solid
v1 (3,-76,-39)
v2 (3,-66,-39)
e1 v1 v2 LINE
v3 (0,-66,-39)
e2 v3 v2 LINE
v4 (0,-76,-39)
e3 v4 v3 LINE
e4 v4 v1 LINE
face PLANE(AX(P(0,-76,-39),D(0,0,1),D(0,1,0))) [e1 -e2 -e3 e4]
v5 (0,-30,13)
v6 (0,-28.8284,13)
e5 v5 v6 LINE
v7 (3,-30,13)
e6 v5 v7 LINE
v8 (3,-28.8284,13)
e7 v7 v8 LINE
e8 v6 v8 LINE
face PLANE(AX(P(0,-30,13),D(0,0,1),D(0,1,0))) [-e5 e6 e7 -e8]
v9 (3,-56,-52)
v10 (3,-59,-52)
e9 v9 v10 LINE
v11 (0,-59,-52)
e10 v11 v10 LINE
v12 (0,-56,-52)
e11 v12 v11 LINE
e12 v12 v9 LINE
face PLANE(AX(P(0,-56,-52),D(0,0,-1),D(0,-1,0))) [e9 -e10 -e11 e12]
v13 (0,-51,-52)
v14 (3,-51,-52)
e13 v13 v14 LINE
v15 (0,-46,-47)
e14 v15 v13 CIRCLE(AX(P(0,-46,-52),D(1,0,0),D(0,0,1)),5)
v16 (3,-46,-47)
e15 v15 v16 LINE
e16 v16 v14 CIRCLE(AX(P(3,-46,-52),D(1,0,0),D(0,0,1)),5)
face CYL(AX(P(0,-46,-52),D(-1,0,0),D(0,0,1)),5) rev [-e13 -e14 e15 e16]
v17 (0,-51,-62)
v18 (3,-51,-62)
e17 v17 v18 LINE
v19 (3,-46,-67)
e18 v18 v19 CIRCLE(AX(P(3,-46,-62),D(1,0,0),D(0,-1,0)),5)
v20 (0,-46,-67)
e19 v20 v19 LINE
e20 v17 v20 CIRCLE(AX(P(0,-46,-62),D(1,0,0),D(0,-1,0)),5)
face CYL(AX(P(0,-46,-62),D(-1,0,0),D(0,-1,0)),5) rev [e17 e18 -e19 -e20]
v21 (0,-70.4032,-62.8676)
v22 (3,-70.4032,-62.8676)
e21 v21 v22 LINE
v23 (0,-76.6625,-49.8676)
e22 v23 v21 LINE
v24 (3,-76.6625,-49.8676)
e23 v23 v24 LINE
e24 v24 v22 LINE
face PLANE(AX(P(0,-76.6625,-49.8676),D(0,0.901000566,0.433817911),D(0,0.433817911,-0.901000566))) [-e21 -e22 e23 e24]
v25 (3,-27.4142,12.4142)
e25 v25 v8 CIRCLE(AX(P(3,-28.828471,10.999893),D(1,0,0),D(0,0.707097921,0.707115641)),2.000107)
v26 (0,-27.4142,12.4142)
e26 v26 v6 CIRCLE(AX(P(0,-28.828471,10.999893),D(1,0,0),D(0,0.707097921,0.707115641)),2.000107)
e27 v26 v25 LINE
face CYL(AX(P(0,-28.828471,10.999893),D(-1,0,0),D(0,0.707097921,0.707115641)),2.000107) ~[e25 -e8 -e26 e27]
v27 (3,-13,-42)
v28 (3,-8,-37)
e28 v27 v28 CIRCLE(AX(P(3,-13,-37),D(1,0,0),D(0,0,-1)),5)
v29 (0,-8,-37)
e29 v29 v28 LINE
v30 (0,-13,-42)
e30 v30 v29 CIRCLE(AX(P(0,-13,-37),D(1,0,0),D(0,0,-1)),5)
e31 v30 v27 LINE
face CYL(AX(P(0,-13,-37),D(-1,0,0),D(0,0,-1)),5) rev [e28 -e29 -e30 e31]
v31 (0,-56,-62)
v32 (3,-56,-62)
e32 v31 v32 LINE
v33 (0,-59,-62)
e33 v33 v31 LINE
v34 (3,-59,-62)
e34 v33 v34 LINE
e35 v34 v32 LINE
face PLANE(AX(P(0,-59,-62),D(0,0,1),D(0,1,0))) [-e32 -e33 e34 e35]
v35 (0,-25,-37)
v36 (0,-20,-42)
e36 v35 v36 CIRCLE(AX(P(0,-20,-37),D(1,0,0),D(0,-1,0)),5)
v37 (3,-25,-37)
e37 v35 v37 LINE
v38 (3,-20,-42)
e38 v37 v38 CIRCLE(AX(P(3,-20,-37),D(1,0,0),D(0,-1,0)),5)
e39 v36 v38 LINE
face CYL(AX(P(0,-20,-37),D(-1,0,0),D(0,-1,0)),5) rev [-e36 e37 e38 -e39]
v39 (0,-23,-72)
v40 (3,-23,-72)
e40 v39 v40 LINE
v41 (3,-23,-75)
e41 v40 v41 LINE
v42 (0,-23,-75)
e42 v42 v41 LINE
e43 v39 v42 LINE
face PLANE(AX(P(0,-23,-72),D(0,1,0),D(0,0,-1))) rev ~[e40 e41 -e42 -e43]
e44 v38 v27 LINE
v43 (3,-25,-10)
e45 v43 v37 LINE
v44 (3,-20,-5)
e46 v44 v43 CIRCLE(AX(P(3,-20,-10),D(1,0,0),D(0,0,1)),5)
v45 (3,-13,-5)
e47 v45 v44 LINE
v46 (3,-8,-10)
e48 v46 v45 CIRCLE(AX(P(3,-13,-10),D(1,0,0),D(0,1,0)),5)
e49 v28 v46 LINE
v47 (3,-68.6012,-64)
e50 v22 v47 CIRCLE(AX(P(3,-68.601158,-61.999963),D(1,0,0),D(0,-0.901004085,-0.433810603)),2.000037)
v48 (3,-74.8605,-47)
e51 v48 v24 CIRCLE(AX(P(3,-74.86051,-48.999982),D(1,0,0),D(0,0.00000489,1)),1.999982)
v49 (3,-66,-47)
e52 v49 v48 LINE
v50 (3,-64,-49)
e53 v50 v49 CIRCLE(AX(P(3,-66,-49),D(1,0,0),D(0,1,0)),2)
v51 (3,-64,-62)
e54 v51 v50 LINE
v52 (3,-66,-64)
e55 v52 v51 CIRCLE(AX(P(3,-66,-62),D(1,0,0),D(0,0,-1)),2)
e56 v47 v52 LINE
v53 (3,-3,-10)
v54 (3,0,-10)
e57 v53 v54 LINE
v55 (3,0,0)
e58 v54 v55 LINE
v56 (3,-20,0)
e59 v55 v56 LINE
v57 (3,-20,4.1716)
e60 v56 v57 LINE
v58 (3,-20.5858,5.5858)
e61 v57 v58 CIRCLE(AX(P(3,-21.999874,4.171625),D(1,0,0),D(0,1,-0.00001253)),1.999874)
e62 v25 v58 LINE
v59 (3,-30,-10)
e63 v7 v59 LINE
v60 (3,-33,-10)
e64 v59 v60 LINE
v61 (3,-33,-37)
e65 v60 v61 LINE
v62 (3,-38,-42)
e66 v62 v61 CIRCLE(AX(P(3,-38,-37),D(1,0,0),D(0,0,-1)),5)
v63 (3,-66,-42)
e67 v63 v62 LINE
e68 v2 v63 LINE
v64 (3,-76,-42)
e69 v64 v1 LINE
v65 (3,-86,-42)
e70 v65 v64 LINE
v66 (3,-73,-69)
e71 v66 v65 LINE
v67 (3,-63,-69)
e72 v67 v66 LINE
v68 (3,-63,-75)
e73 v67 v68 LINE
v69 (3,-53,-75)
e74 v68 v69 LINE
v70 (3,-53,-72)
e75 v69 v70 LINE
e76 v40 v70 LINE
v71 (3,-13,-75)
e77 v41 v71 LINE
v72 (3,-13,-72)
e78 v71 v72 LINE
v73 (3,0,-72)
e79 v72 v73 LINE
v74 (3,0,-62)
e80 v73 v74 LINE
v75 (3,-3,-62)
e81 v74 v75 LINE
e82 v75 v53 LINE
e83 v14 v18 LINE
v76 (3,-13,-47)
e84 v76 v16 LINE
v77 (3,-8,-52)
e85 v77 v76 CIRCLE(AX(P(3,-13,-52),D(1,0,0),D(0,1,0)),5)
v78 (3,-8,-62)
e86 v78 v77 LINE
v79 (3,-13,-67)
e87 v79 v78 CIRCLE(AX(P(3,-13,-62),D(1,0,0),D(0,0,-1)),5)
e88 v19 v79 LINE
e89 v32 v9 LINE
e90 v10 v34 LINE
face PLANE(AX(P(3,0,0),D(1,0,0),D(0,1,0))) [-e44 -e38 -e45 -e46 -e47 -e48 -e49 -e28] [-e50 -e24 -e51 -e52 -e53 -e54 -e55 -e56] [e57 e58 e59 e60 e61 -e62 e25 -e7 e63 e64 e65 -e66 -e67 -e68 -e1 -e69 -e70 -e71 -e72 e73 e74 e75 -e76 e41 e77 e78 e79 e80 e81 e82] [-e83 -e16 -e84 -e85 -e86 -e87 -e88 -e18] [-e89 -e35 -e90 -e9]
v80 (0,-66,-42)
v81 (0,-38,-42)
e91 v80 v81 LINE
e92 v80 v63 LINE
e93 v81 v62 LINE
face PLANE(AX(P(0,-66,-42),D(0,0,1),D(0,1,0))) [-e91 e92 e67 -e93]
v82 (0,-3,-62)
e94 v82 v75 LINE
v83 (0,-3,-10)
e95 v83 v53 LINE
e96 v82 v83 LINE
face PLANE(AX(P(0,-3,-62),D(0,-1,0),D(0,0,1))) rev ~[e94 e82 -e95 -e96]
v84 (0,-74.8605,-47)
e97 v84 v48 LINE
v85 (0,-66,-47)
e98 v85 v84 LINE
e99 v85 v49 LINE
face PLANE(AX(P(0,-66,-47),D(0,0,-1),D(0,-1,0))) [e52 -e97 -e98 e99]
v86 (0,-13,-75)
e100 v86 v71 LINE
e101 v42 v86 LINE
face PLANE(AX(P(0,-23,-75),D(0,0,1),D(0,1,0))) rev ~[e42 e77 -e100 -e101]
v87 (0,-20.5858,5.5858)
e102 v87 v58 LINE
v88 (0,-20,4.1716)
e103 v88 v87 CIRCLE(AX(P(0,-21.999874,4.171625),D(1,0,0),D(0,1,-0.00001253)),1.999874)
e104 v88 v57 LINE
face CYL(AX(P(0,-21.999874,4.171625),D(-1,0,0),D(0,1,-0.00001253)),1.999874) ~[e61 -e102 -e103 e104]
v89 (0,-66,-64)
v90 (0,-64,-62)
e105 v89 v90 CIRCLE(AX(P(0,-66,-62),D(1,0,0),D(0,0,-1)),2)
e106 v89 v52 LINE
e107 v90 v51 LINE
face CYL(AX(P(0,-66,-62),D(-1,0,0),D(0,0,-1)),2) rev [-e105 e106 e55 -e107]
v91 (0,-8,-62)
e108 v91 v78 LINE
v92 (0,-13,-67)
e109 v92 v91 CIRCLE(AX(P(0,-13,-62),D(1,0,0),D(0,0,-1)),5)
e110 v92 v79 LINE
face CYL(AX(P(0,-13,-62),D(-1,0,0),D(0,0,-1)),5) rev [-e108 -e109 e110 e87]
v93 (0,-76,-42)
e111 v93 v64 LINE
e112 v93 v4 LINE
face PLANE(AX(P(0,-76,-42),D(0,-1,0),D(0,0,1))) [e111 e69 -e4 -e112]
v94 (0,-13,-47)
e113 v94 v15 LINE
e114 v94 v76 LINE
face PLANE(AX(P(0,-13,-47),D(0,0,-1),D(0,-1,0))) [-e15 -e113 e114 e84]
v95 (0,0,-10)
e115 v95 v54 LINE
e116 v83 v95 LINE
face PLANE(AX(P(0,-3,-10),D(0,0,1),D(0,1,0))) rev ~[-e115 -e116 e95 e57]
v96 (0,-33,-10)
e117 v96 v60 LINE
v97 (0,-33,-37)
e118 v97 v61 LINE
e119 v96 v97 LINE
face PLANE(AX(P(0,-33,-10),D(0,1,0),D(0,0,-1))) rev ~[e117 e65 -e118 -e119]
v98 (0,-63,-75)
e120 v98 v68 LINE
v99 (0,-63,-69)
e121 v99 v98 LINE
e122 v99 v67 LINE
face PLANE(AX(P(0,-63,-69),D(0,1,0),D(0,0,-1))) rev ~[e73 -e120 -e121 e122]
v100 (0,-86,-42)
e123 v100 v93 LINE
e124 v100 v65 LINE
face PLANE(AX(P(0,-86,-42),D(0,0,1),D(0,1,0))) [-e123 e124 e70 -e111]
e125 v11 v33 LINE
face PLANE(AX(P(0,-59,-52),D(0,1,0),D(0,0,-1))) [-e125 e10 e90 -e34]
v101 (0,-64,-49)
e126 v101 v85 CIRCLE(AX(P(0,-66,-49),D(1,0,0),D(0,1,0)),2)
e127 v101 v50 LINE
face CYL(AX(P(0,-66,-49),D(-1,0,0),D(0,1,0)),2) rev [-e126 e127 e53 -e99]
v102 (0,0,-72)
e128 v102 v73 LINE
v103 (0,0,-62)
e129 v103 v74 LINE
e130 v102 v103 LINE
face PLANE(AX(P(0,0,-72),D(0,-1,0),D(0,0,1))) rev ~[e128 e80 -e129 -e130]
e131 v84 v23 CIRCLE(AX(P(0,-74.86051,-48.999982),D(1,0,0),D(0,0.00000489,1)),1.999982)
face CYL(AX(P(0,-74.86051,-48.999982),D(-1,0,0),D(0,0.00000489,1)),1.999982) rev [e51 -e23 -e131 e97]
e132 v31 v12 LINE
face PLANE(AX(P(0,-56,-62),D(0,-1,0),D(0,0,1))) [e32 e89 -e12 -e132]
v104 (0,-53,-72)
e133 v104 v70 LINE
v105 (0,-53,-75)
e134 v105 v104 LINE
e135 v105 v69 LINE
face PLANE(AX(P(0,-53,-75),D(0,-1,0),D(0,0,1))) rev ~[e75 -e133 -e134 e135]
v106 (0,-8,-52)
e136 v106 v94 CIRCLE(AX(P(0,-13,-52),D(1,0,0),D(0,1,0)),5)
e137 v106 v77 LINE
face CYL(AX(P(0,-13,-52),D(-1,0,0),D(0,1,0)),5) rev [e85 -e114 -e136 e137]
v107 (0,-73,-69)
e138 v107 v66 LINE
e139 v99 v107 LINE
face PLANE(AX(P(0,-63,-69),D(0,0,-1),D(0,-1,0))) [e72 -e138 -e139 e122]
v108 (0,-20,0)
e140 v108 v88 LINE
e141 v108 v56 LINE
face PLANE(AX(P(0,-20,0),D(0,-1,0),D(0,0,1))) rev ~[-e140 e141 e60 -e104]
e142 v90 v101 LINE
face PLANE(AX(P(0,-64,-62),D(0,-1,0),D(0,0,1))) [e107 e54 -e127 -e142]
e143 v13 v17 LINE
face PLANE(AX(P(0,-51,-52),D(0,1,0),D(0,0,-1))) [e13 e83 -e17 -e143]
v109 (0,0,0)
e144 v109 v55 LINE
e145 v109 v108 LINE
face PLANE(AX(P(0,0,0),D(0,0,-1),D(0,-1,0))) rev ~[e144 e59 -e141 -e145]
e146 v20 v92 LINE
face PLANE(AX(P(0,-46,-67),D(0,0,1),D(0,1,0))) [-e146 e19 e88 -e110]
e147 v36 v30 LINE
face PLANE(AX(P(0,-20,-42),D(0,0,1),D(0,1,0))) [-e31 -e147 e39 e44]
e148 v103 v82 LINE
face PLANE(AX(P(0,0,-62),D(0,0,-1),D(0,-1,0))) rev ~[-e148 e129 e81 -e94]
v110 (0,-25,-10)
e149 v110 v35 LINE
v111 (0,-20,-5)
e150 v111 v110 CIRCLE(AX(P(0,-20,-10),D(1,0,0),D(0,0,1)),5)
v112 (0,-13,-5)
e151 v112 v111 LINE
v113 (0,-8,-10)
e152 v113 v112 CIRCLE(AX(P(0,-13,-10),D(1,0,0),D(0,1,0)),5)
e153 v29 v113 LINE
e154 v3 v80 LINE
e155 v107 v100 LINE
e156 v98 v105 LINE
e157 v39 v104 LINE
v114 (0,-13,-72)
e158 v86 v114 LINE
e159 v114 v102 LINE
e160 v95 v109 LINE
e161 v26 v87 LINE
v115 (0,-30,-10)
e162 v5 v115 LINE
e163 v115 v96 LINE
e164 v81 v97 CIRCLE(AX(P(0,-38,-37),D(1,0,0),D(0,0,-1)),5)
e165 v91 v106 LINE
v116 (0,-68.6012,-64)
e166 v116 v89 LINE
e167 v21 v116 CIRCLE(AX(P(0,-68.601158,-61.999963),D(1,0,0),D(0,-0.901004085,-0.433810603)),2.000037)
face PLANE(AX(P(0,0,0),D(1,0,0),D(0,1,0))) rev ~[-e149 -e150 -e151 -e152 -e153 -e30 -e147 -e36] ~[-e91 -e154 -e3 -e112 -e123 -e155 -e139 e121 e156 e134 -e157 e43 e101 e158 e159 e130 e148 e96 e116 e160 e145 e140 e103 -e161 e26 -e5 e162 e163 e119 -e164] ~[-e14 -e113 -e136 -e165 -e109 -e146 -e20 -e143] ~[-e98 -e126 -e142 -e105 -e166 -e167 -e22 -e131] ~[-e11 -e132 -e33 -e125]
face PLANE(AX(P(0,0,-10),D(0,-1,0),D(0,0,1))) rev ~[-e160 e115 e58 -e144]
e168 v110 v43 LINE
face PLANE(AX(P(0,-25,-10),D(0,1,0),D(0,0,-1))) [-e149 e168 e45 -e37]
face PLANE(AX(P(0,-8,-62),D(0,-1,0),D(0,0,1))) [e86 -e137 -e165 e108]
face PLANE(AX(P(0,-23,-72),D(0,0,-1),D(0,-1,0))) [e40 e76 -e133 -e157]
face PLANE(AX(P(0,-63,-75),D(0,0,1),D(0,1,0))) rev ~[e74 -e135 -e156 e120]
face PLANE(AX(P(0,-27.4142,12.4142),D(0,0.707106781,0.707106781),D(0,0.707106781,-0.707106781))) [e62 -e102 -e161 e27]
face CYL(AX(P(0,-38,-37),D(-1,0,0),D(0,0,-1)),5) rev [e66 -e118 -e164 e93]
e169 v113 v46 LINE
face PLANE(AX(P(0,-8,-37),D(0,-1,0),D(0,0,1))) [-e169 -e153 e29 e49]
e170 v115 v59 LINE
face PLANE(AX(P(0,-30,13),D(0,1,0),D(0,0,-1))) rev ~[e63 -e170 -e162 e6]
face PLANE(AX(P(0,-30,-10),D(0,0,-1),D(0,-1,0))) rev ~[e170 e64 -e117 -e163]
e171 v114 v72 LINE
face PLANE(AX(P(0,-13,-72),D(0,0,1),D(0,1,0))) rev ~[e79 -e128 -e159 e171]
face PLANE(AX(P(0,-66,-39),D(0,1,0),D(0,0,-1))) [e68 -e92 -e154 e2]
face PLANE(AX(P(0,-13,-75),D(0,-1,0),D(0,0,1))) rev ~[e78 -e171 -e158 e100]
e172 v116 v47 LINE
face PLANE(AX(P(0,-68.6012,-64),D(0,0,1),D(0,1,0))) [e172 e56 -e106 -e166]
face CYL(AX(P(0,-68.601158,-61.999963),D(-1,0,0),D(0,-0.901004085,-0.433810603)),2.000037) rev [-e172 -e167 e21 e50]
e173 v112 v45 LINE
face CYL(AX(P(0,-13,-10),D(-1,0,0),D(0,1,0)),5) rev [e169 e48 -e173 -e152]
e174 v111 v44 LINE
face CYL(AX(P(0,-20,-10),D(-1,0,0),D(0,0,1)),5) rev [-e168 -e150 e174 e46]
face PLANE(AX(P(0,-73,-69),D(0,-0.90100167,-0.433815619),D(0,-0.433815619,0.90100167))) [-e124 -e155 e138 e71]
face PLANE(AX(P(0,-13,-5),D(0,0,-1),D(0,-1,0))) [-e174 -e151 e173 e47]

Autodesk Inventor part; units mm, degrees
ref_plane "YZ Plane" through (0, 0, 0) normal (1, 0, 0) x (0, 1, 0)
ref_plane "XZ Plane" through (0, 0, 0) normal (0, 1, 0) x (-1, 0, 0)
ref_plane "XY Plane" through (0, 0, 0) normal (0, 0, 1) x (1, 0, 0)
sketch "Sketch1" plane through (0, 0, 0) normal (0, 0, 1) x (1, 0, 0)
  point P0 (0, 0)
sketch "Sketch2" plane through (0, 0, 0) normal (1, 0, 0) x (0, 1, 0)
  line L0 (0, 0) -> (-20, 0)
  line L1 (-20, 0) -> (-20, 4.1716)
  line L2 (-23.1803, 0.4176) -> (-23.1803, 0.4176)
  line L3 (-23, -75) -> (-13, -75)
  line L4 (-13, -75) -> (-13, -72)
  line L5 (-13, -72) -> (0, -72)
  line L6 (0, -72) -> (0, -62)
  line L7 (0, -62) -> (-3, -62)
  line L8 (-3, -62) -> (-3, -10)
  line L9 (-3, -10) -> (0, -10)
  line L10 (0, -10) -> (0, 0)
  line L11 (-13, -5) -> (-20, -5)
  line L12 (-25, -10) -> (-25, -37)
  line L13 (-20, -42) -> (-13, -42)
  line L14 (-8, -37) -> (-8, -10)
  arc A0 (-8, -10) -> (-13, -5) centre (-13, -10) ccw
  arc A1 (-13, -42) -> (-8, -37) centre (-13, -37) ccw
  arc A2 (-25, -37) -> (-20, -42) centre (-20, -37) ccw
  arc A3 (-20, -5) -> (-25, -10) centre (-20, -10) ccw
  line L15 (-23, -72) -> (-23, -75)
  line L16 (-63, -69) -> (-63, -75)
  line L17 (-63, -75) -> (-53, -75)
  line L18 (-53, -75) -> (-53, -72)
  line L19 (-23, -72) -> (-53, -72)
  line L20 (-63, -69) -> (-73, -69)
  line L21 (-73, -69) -> (-86, -42)
  line L22 (-76, -42) -> (-76, -39)
  line L23 (-76, -39) -> (-66, -39)
  line L24 (-66, -39) -> (-66, -42)
  line L25 (-86, -42) -> (-76, -42)
  line L26 (-66, -42) -> (-38, -42)
  line L27 (-13, -47) -> (-46, -47)
  line L28 (-51, -52) -> (-51, -62)
  line L29 (-46, -67) -> (-13, -67)
  line L30 (-8, -62) -> (-8, -52)
  line L31 (-56, -52) -> (-59, -52)
  line L32 (-59, -52) -> (-59, -62)
  line L33 (-59, -62) -> (-56, -62)
  line L34 (-56, -62) -> (-56, -52)
  arc A4 (-8, -52) -> (-13, -47) centre (-13, -52) ccw
  arc A5 (-13, -67) -> (-8, -62) centre (-13, -62) ccw
  arc A6 (-51, -62) -> (-46, -67) centre (-46, -62) ccw
  arc A7 (-46, -47) -> (-51, -52) centre (-46, -52) ccw
  arc A8 (-38, -42) -> (-33, -37) centre (-38, -37) ccw
  line L35 (-33, -10) -> (-33, -37)
  line L36 (-30, 13) -> (-28.8284, 13)
  line L37 (-27.4142, 12.4142) -> (-20.5858, 5.5858)
  arc A9 (-27.4142, 12.4142) -> (-28.8284, 13) centre (-28.8284, 11) ccw
  arc A10 (-20, 4.1716) -> (-20.5858, 5.5858) centre (-22, 4.1716) ccw
  line L38 (-66, -47) -> (-74.8605, -47)
  line L39 (-76.6625, -49.8676) -> (-70.4032, -62.8676)
  line L40 (-68.6012, -64) -> (-66, -64)
  line L41 (-64, -62) -> (-64, -49)
  arc A11 (-70.4032, -62.8676) -> (-68.6012, -64) centre (-68.6012, -62) ccw
  arc A12 (-66, -64) -> (-64, -62) centre (-66, -62) ccw
  arc A13 (-64, -49) -> (-66, -47) centre (-66, -49) ccw
  arc A14 (-74.8605, -47) -> (-76.6625, -49.8676) centre (-74.8605, -49) ccw
  line L42 (-30, 13) -> (-30, -10)
  line L43 (-30, -10) -> (-33, -10)
  point P0 (-20, 5)
  point P1 (-25, -42)
  point P2 (-25, -5)
  point P3 (-30, -42)
  point P4 (-28, 13)
  dimension "d4" = 10
  dimension "d5" = 52
  dimension "d6" = 10
  dimension "d8" = 10
  dimension "d11" = 3
  dimension "d15" = 3
  dimension "d29" = 10
  dimension "d33" = 5
  dimension "d36" = 5
  dimension "d40" = 5
  dimension "d48" = 10
  dimension "d55" = 10
  dimension "d57" = 3
  dimension "d59" = 5
  dimension "d60" = 5
  dimension "d61" = 5
  dimension "d62" = 10
  dimension "d63" = 3
  dimension "d64" = 10
  dimension "d67" = 53
  dimension "d68" = 27
  dimension "d69" = 5
  dimension "d75" = 90
  dimension "d76" = 90
  dimension "d77" = 90
  dimension "d78" = 3
  dimension "d79" = 90
  dimension "d80" = 6
  dimension "d81" = 30
  dimension "d82" = 27
  dimension "d83" = 10
  dimension "d84" = 10
  dimension "d85" = 3
  dimension "d86" = 3
  dimension "d87" = 30
  dimension "d90" = 5
  dimension "d91" = 13
  dimension "d92" = 33
  dimension "d95" = 2
  dimension "d97" = 5
  dimension "d98" = 5
  dimension "d99" = 5
  dimension "d100" = 5
  dimension "d101" = 2
  dimension "d104" = 5
  dimension "d105" = 5
  dimension "d106" = 8
  dimension "d107" = 33
  dimension "d108" = 23
  dimension "d109" = 3
  dimension "d110" = 2
  dimension "d111" = 10
extrude "Extrusion5" add sketch "Sketch2" along normal blind 3
properties part number "OpenROV 2_3 Dev Ducting Brace Mount"
